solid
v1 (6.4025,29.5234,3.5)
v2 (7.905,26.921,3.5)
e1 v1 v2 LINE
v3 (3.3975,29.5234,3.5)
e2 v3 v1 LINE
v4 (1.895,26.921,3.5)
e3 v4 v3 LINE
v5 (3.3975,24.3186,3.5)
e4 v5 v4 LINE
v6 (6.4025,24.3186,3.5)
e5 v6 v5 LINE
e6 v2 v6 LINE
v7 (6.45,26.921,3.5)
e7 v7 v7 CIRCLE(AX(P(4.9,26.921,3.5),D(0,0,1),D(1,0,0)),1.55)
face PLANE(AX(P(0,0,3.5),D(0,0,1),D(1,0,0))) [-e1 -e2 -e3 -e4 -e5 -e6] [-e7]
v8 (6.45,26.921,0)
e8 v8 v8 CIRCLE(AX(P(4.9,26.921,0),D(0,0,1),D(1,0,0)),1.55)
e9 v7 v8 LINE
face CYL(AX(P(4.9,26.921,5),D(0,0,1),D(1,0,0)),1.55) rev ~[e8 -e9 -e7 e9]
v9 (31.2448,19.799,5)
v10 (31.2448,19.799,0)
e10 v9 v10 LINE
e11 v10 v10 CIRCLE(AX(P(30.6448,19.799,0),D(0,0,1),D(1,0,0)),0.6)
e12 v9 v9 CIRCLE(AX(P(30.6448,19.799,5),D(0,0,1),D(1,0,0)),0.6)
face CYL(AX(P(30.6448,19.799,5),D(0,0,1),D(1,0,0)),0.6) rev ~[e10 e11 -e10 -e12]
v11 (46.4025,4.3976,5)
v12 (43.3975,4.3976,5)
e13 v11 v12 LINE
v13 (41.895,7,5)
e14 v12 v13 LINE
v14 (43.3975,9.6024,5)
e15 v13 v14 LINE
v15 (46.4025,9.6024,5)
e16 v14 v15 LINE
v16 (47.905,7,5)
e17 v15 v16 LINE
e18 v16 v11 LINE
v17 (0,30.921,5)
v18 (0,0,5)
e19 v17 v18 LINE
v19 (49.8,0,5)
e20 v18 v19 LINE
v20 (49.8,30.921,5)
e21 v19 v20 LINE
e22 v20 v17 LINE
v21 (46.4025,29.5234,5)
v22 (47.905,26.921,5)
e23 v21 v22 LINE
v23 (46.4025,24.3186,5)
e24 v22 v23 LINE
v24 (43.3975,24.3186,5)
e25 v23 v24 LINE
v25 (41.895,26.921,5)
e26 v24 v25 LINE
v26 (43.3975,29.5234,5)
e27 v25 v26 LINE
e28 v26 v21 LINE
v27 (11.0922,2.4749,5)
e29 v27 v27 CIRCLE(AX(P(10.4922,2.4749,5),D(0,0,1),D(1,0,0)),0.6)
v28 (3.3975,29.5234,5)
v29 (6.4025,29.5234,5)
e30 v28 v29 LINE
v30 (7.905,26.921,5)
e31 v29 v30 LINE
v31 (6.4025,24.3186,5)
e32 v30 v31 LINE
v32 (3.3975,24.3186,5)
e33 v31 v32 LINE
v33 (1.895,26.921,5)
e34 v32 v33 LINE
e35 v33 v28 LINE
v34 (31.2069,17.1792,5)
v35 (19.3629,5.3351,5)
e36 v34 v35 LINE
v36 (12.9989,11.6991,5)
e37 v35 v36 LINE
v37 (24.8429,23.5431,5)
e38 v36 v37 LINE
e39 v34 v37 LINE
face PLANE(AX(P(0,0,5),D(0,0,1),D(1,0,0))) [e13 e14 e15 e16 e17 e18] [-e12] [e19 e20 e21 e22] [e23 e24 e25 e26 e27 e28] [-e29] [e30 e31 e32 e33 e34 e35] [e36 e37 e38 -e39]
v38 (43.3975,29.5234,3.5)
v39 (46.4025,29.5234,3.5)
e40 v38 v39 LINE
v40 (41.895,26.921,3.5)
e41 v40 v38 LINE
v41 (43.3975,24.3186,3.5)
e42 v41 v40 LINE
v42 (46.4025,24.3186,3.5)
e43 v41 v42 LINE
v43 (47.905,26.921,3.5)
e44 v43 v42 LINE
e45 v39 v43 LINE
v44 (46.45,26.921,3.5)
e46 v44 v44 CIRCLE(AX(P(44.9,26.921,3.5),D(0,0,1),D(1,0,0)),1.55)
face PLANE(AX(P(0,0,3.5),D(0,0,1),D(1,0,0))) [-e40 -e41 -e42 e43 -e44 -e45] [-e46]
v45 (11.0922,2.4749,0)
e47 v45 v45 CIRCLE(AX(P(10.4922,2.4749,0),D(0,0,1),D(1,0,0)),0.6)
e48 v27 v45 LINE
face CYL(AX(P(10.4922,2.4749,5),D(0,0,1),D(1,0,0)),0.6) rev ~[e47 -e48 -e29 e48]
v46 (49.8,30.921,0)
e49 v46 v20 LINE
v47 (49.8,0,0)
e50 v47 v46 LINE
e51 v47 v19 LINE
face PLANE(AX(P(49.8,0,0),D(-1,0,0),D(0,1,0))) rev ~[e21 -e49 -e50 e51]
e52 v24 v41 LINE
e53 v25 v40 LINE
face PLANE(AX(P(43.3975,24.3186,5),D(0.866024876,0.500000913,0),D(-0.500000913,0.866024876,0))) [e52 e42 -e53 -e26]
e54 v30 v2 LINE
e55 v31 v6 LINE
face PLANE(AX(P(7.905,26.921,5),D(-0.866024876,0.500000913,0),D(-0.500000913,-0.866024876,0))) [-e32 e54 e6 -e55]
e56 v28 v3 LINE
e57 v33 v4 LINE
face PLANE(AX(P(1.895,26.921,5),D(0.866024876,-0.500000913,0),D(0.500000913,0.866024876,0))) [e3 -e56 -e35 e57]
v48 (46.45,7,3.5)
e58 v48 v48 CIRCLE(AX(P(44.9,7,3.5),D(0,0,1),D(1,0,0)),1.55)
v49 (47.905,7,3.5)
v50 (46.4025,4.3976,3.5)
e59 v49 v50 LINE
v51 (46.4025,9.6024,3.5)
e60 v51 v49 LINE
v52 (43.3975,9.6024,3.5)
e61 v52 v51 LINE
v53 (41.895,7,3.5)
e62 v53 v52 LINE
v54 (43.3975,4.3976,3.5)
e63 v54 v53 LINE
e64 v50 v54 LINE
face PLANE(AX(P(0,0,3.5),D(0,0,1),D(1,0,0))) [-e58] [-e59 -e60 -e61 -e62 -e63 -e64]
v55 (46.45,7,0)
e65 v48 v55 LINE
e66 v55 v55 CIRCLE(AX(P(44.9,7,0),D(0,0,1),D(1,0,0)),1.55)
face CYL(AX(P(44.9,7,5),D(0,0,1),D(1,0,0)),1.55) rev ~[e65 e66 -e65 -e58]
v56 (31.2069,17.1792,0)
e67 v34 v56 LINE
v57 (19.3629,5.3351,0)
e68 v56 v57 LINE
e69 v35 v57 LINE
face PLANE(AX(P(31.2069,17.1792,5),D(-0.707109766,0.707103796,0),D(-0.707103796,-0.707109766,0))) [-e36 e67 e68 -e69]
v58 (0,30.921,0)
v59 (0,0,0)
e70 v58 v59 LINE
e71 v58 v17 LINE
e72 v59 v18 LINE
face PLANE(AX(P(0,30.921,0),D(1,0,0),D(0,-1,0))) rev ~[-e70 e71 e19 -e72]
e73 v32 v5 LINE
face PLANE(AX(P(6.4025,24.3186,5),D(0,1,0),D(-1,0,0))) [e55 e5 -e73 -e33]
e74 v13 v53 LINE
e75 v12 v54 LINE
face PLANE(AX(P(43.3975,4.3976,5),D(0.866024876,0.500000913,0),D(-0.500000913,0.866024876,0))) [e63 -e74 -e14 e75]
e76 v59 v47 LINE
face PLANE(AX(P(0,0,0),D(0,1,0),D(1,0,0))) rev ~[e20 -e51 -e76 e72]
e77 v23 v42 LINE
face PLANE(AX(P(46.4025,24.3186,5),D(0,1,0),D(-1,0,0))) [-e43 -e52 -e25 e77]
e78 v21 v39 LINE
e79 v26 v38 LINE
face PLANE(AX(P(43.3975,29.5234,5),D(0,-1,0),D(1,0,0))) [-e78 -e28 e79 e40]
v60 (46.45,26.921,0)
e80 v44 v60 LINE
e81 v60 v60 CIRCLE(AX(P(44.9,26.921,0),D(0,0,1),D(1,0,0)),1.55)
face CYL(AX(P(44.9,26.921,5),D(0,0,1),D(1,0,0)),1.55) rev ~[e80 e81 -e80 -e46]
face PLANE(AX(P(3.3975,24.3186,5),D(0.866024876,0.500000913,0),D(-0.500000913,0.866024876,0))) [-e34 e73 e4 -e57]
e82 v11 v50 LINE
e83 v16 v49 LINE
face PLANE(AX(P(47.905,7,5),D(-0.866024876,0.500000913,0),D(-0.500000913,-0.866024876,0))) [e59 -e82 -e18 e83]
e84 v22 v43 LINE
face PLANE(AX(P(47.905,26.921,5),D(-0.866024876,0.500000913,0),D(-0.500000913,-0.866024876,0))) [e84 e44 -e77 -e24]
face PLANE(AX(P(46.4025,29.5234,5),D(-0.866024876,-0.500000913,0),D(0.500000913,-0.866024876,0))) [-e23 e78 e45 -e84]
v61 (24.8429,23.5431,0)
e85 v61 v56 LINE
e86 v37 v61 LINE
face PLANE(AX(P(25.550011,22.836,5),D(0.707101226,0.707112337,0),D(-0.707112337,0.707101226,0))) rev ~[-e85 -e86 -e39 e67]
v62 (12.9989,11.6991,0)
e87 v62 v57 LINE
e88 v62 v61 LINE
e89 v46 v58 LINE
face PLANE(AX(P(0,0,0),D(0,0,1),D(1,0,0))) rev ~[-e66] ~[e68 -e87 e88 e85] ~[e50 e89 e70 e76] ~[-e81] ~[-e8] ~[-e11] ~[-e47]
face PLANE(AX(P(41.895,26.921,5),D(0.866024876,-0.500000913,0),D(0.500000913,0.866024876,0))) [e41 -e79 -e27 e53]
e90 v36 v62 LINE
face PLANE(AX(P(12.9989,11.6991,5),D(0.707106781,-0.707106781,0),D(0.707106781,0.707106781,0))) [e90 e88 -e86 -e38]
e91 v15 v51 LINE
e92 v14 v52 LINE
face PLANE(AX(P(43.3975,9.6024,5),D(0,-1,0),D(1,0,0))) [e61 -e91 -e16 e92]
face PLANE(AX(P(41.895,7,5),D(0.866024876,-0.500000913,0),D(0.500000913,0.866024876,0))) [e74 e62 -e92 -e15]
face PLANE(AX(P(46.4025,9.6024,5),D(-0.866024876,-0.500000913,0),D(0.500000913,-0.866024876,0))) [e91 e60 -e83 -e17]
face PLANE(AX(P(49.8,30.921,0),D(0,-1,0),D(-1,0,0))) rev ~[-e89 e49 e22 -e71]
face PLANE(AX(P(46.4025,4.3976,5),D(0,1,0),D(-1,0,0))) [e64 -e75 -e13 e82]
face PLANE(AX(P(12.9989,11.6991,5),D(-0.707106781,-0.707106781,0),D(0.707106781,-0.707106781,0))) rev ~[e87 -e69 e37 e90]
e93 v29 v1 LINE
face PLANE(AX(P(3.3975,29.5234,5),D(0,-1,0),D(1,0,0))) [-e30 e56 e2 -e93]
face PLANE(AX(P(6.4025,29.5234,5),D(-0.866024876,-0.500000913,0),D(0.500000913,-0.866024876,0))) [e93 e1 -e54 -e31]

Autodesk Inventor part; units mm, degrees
ref_plane "YZ Plane" through (0, 0, 0) normal (1, 0, 0) x (0, 1, 0)
ref_plane "XZ Plane" through (0, 0, 0) normal (0, 1, 0) x (-1, 0, 0)
ref_plane "XY Plane" through (0, 0, 0) normal (0, 0, 1) x (1, 0, 0)
sketch "Sketch1" plane through (0, 0, 0) normal (0, 0, 1) x (1, 0, 0)
  line L0 (0, 0) -> (49.8, 0)
  line L1 (49.8, 0) -> (49.8, 30.921)
  line L2 (49.8, 30.921) -> (0, 30.921)
  line L3 (0, 30.921) -> (0, 0)
  dimension "d0" = 49.8
  dimension "d1" = 30.921
extrude "Extrusion1" add sketch "Sketch1" along normal blind 5
sketch "Sketch3" plane through (0, 0, 5) normal (0, 0, 1) x (1, 0, 0)
  line L0 (0, 0) -> (49.8, 0) projected
  line L1 (24.9, 0) -> (41.821, 0) construction
  line L2 (49.8, 0) -> (49.8, 30.921) projected
  line L3 (22.9, 16.921) -> (26.9, 16.921)
  line L4 (24.9, 14.921) -> (24.9, 18.921)
  circle A0 centre (24.9, 16.921) radius 2
  dimension "d22" = 4
  dimension "d23" = 4
  dimension "d24" = 4
  dimension "d25" = 16.921
  dimension "d26" = 24.9
sketch "Sketch4" plane through (0, 0, 5) normal (0, 0, 1) x (1, 0, 0)
  line L0 (0, 0) -> (49.8, 0) projected
  line L1 (0, 0) -> (7.1085, 7.1085)
  line L2 (0, 0) -> (10.053, 0) construction
  line L3 (17.8214, 5.3223) -> (45.7841, 5.3223) construction
  line L4 (22.1418, 11.0415) -> (25.8541, 14.7538)
  line L5 (25.8541, 14.7538) -> (23.7328, 16.8751)
  line L6 (23.7328, 16.8751) -> (20.0205, 13.1628)
  line L7 (20.0205, 13.1628) -> (22.1418, 11.0415)
  line L8 (16.6871, 14.6491) -> (21.9371, 14.6491) construction
  line L9 (20.0205, 13.1628) -> (25.8541, 14.7538)
  line L10 (23.7328, 16.8751) -> (22.1418, 11.0415)
  line L11 (22.9373, 13.9583) -> (23.9979, 12.8976)
  line L12 (22.9, 16.921) -> (26.9, 16.921) projected
  line L13 (24.9, 14.921) -> (24.9, 18.921) projected
  circle A0 centre (24.9, 16.921) radius 2 projected
  line L14 (22.8984, 10.2849) -> (26.6107, 13.9972)
  line L15 (6.9567, 4.2426) -> (27.8163, 25.1023)
  line L16 (32.6954, 20.2233) -> (64.1581, 20.2233) construction
  circle A1 centre (30.6448, 19.799) radius 0.75
  circle A2 centre (10.4922, 2.4749) radius 0.75
  line L17 (31.2069, 17.1792) -> (24.8429, 23.5431)
  line L18 (12.9989, 11.6991) -> (19.3629, 5.3351)
  line L19 (26.6107, 13.9972) -> (32.7661, 20.1525)
  line L20 (20.6107, 13.9972) -> (29.3157, 13.9972) construction
  line L21 (32.7661, 20.1525) -> (11.9064, -0.7071)
  line L22 (11.9064, -0.7071) -> (6.9567, 4.2426)
  line L23 (27.8163, 25.1023) -> (32.7661, 20.1525)
  line L24 (29.0217, 22.4081) -> (58.5217, 22.4081) construction
  line L25 (12.9989, 11.6991) -> (24.8429, 23.5431)
  line L26 (31.2069, 17.1792) -> (19.3629, 5.3351)
  line L27 (14.162, 1.5485) -> (11.9064, -0.7071)
  line L28 (10.9064, -0.7071) -> (14.0963, -0.7071) construction
  line L29 (10.8458, 2.8284) -> (10.4922, 2.4749)
  line L30 (10.8458, 2.8284) -> (11.3458, 2.8284) construction
  line L31 (10.9064, -0.7071) -> (11.9064, -0.7071)
  circle A3 centre (30.6448, 19.799) radius 0.6
  circle A4 centre (10.4922, 2.4749) radius 0.6
  point P0 (25.55, 22.836)
  point P1 (13.706, 10.992)
  dimension "d27" = 10.053
  dimension "d28" = 45
  dimension "d32" = 5.25
  dimension "d33" = 45
  dimension "d34" = 3
  dimension "d36" = 1.07
  dimension "d40" = 1.5
  dimension "d43" = 1.5
  dimension "d46" = 5.5
  dimension "d47" = 6
  dimension "d51" = 8.705
  dimension "d52" = 45
  dimension "d53" = 29.5
  dimension "d54" = 135
  dimension "d55" = 7
  dimension "d56" = 3.75
  dimension "d57" = 1
  dimension "d58" = 1
  dimension "d59" = 2.93
  dimension "d60" = 1.25
  dimension "d61" = 1.75
  dimension "d97" = 135
  dimension "d98" = 0.5
  dimension "d99" = 135
  dimension "d101" = 1
  dimension "d102" = 1.2
  dimension "d103" = 1.2
extrude "Extrusion3" cut sketch "Sketch4" against normal blind 5 contours L18 L25 L17 L15 | L15 L17 L19 L14 L21 L18 | L21 L14 L19 L17 L26 L18 | L10 L11 L4 | L7 L9 L10 | L11 L9 L4 | L6 A0 L10 L9 | L10 A0 L5 L9 | A0 L12 L13 L5 L6 | L6 L10 A0 | L10 L5 L13 A0 | A0 L13 L5 | L5 L13 L12 A0 | A0 L13 L12 | L12 L13 A0 | A3 | A4
sketch "Sketch5" plane through (0, 0, 5) normal (0, 0, 1) x (1, 0, 0)
  circle A0 centre (4.9, 26.921) radius 1.55
  circle A1 centre (44.9, 7) radius 1.55
  circle A2 centre (44.9, 26.921) radius 1.55
  line L0 (0, 30.921) -> (0, 0) projected
  line L1 (49.8, 30.921) -> (0, 30.921) projected
  line L2 (49.8, 0) -> (49.8, 30.921) projected
  line L3 (0, 0) -> (49.8, 0) projected
  dimension "d62" = 3.1
  dimension "d63" = 3.1
  dimension "d64" = 3.1
  dimension "d65" = 4.9
  dimension "d66" = 4
  dimension "d67" = 4.9
  dimension "d68" = 4
  dimension "d69" = 4.9
  dimension "d70" = 7
extrude "Extrusion4" cut sketch "Sketch5" against normal blind 5 contours A0 | A1 | A2
sketch "Sketch6" plane through (0, 0, 5) normal (0, 0, 1) x (1, 0, 0)
  circle A0 centre (4.9, 26.921) radius 1.55 projected
  line L0 (2.15, 29.671) -> (7.65, 24.171) construction
  line L1 (7.65, 29.671) -> (2.15, 24.171) construction
  line L2 (3.3975, 24.3186) -> (1.895, 26.921)
  line L3 (1.895, 26.921) -> (3.3975, 29.5234)
  line L4 (3.3975, 29.5234) -> (6.4025, 29.5234)
  line L5 (6.4025, 29.5234) -> (7.905, 26.921)
  line L6 (7.905, 26.921) -> (6.4025, 24.3186)
  line L7 (6.4025, 24.3186) -> (3.3975, 24.3186)
  line L8 (43.3975, 29.5234) -> (46.4025, 29.5234)
  line L9 (41.895, 26.921) -> (43.3975, 29.5234)
  line L10 (43.3975, 24.3186) -> (41.895, 26.921)
  line L11 (46.4025, 24.3186) -> (43.3975, 24.3186)
  line L12 (47.905, 26.921) -> (46.4025, 24.3186)
  line L13 (46.4025, 29.5234) -> (47.905, 26.921)
  line L14 (44.9, 26.921) -> (44.9, 16.921)
  line L15 (43.3975, 4.3976) -> (41.895, 7)
  line L16 (41.895, 7) -> (43.3975, 9.6024)
  line L17 (43.3975, 9.6024) -> (46.4025, 9.6024)
  line L18 (46.4025, 9.6024) -> (47.905, 7)
  line L19 (47.905, 7) -> (46.4025, 4.3976)
  line L20 (46.4025, 4.3976) -> (43.3975, 4.3976)
  point P0 (0, 0)
  point P1 (44.9, 7)
  dimension "d73" = 5.5
  dimension "d74" = 5.5
  dimension "d81" = 6.01
  dimension "d84" = 40
  dimension "d89" = 10
  dimension "d92" = 19.921
extrude "Extrusion5" cut sketch "Sketch6" against normal blind 1.5
properties part number "30_CUBE_penSIM_DMD_Holder"
